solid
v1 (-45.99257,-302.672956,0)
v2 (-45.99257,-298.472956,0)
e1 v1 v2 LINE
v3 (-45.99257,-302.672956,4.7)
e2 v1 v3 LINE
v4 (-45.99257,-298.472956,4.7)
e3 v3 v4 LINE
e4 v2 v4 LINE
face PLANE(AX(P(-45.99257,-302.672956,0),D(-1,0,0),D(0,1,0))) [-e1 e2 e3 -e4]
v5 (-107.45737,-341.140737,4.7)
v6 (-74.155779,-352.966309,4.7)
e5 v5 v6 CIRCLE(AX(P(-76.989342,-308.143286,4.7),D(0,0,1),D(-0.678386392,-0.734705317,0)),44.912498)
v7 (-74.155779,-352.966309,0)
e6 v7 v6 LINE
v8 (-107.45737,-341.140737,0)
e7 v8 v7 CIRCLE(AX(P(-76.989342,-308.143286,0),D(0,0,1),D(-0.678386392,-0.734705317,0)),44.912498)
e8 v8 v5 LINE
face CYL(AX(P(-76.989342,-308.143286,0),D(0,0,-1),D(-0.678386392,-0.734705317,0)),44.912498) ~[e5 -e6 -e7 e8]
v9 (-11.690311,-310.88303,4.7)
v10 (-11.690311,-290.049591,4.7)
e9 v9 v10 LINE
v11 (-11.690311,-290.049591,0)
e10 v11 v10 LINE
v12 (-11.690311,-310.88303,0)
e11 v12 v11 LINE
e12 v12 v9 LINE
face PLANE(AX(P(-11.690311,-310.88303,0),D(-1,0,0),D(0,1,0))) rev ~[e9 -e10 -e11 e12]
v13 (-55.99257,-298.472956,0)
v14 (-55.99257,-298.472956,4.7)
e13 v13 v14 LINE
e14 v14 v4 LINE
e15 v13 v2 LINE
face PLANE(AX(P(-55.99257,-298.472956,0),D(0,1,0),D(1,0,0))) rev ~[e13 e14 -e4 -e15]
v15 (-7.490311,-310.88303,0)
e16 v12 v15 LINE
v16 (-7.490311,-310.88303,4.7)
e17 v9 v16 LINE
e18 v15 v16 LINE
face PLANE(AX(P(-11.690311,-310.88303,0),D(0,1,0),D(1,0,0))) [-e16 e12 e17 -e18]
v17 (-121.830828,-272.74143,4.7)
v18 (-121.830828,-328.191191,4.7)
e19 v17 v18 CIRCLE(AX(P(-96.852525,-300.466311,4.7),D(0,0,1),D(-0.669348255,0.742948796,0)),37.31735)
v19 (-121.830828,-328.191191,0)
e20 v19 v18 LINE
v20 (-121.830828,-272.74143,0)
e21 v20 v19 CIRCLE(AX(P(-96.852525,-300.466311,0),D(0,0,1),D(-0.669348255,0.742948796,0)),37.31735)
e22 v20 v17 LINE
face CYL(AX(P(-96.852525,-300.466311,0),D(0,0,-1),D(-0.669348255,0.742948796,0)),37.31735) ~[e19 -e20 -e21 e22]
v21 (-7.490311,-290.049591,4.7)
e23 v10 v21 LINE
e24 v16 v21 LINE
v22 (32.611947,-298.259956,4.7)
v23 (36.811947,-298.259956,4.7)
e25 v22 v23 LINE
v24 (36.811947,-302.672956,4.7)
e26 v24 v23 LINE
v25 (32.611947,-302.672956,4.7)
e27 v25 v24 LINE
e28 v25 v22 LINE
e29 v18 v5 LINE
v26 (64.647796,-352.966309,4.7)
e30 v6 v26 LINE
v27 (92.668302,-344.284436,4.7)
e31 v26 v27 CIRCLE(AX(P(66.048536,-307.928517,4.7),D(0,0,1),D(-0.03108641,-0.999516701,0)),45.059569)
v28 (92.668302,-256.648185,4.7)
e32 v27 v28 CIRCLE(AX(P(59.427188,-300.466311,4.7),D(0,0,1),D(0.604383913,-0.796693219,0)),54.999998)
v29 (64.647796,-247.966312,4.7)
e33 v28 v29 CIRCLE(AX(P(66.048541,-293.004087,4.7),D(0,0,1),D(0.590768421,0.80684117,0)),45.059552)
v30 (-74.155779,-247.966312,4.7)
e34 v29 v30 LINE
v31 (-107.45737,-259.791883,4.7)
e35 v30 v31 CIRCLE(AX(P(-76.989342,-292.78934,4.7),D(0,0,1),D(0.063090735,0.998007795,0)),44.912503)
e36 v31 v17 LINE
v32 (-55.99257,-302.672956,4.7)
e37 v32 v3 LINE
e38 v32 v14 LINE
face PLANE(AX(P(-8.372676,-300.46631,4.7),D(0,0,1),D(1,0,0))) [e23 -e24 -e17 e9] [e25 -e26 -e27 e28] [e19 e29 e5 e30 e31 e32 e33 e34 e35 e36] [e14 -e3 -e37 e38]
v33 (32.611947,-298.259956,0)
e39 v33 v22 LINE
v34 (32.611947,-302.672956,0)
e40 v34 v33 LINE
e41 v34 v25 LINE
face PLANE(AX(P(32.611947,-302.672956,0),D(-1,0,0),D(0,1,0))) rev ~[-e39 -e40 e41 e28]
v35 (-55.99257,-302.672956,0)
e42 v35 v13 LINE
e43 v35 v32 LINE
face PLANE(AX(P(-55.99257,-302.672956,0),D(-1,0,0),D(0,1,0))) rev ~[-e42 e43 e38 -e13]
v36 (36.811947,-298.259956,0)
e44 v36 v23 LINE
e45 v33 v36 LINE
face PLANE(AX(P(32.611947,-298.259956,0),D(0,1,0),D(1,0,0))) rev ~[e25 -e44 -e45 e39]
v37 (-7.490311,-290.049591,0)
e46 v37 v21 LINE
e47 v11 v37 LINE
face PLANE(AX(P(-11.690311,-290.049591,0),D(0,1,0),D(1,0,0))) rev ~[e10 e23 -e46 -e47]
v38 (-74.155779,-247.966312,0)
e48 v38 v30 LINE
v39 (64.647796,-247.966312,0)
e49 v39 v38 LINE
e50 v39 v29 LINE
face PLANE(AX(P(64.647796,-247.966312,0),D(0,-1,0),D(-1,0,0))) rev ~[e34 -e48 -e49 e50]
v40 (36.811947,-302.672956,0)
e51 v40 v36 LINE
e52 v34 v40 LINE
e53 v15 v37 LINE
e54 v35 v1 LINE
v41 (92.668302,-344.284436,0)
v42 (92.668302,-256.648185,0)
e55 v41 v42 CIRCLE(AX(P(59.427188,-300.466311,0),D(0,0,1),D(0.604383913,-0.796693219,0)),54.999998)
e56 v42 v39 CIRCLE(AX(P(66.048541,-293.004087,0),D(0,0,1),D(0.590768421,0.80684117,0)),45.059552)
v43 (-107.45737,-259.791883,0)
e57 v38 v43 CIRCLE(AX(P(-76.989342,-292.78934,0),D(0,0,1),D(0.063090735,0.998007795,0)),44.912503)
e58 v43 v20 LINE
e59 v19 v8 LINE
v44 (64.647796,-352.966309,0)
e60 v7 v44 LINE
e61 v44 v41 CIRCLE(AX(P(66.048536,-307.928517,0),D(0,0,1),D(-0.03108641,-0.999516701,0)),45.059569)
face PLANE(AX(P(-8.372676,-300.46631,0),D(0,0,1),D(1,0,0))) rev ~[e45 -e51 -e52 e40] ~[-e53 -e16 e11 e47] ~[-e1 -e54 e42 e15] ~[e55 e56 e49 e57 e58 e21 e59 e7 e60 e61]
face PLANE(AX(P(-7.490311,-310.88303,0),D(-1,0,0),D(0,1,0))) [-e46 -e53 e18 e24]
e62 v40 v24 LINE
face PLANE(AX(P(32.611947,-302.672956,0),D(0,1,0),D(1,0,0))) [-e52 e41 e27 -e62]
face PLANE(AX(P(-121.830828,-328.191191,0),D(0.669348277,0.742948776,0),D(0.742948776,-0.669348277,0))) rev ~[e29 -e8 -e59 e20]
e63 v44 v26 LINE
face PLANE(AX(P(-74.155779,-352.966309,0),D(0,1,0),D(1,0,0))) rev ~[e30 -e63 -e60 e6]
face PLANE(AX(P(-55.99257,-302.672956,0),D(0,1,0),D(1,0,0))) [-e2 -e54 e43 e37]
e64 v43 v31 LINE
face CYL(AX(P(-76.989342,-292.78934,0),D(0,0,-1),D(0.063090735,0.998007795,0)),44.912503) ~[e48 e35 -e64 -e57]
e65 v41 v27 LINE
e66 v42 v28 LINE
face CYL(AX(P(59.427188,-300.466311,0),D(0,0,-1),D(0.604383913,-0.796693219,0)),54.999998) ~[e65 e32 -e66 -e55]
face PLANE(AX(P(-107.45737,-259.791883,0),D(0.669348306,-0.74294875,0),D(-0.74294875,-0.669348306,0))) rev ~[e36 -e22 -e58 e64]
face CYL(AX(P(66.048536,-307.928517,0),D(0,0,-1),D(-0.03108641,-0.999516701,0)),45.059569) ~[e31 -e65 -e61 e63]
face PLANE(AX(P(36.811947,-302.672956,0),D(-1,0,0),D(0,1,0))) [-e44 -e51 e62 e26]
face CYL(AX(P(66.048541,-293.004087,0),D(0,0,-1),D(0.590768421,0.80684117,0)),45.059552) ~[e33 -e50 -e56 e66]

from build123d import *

# Parameters (mm, degrees)
F0_W     = 10
F0_H     = 4.2
F0_W_2   = 4.2
F0_H_2   = 4.413
F0_H_3   = 20.833439
F1_DEPTH = 4.7


with BuildPart() as f1:
    # F0 (on Top) → F1 (new body)
    with BuildSketch(Plane.XY):
        with BuildLine():
            Line((64.647796, -247.966312), (-74.155779, -247.966312))
            ThreePointArc((-74.155779, -247.966312), (-92.018545, -250.466108), (-107.45737, -259.791883))
            Line((-107.45737, -259.791883), (-121.830828, -272.74143))
            ThreePointArc((-121.830828, -272.74143), (-134.169875, -300.46631), (-121.830828, -328.191191))
            Line((-121.830828, -328.191191), (-107.45737, -341.140737))
            ThreePointArc((-107.45737, -341.140737), (-92.018545, -350.466513), (-74.155779, -352.966309))
            Line((-74.155779, -352.966309), (64.647796, -352.966309))
            ThreePointArc((64.647796, -352.966309), (79.384336, -350.969442), (92.668302, -344.284436))
            ThreePointArc((92.668302, -344.284436), (114.427186, -300.46631), (92.668302, -256.648185))
            ThreePointArc((92.668302, -256.648185), (79.384336, -249.963178), (64.647796, -247.966312))
        make_face()
        with Locations((-50.99257, -300.572956)):
            Rectangle(F0_W, F0_H, mode=Mode.SUBTRACT)
        with Locations((34.711947, -300.466456)):
            Rectangle(F0_W_2, F0_H_2, mode=Mode.SUBTRACT)
        with Locations((-9.590311, -300.46631)):
            Rectangle(F0_W_2, F0_H_3, mode=Mode.SUBTRACT)
    extrude(amount=F1_DEPTH)


solid = f1.part
